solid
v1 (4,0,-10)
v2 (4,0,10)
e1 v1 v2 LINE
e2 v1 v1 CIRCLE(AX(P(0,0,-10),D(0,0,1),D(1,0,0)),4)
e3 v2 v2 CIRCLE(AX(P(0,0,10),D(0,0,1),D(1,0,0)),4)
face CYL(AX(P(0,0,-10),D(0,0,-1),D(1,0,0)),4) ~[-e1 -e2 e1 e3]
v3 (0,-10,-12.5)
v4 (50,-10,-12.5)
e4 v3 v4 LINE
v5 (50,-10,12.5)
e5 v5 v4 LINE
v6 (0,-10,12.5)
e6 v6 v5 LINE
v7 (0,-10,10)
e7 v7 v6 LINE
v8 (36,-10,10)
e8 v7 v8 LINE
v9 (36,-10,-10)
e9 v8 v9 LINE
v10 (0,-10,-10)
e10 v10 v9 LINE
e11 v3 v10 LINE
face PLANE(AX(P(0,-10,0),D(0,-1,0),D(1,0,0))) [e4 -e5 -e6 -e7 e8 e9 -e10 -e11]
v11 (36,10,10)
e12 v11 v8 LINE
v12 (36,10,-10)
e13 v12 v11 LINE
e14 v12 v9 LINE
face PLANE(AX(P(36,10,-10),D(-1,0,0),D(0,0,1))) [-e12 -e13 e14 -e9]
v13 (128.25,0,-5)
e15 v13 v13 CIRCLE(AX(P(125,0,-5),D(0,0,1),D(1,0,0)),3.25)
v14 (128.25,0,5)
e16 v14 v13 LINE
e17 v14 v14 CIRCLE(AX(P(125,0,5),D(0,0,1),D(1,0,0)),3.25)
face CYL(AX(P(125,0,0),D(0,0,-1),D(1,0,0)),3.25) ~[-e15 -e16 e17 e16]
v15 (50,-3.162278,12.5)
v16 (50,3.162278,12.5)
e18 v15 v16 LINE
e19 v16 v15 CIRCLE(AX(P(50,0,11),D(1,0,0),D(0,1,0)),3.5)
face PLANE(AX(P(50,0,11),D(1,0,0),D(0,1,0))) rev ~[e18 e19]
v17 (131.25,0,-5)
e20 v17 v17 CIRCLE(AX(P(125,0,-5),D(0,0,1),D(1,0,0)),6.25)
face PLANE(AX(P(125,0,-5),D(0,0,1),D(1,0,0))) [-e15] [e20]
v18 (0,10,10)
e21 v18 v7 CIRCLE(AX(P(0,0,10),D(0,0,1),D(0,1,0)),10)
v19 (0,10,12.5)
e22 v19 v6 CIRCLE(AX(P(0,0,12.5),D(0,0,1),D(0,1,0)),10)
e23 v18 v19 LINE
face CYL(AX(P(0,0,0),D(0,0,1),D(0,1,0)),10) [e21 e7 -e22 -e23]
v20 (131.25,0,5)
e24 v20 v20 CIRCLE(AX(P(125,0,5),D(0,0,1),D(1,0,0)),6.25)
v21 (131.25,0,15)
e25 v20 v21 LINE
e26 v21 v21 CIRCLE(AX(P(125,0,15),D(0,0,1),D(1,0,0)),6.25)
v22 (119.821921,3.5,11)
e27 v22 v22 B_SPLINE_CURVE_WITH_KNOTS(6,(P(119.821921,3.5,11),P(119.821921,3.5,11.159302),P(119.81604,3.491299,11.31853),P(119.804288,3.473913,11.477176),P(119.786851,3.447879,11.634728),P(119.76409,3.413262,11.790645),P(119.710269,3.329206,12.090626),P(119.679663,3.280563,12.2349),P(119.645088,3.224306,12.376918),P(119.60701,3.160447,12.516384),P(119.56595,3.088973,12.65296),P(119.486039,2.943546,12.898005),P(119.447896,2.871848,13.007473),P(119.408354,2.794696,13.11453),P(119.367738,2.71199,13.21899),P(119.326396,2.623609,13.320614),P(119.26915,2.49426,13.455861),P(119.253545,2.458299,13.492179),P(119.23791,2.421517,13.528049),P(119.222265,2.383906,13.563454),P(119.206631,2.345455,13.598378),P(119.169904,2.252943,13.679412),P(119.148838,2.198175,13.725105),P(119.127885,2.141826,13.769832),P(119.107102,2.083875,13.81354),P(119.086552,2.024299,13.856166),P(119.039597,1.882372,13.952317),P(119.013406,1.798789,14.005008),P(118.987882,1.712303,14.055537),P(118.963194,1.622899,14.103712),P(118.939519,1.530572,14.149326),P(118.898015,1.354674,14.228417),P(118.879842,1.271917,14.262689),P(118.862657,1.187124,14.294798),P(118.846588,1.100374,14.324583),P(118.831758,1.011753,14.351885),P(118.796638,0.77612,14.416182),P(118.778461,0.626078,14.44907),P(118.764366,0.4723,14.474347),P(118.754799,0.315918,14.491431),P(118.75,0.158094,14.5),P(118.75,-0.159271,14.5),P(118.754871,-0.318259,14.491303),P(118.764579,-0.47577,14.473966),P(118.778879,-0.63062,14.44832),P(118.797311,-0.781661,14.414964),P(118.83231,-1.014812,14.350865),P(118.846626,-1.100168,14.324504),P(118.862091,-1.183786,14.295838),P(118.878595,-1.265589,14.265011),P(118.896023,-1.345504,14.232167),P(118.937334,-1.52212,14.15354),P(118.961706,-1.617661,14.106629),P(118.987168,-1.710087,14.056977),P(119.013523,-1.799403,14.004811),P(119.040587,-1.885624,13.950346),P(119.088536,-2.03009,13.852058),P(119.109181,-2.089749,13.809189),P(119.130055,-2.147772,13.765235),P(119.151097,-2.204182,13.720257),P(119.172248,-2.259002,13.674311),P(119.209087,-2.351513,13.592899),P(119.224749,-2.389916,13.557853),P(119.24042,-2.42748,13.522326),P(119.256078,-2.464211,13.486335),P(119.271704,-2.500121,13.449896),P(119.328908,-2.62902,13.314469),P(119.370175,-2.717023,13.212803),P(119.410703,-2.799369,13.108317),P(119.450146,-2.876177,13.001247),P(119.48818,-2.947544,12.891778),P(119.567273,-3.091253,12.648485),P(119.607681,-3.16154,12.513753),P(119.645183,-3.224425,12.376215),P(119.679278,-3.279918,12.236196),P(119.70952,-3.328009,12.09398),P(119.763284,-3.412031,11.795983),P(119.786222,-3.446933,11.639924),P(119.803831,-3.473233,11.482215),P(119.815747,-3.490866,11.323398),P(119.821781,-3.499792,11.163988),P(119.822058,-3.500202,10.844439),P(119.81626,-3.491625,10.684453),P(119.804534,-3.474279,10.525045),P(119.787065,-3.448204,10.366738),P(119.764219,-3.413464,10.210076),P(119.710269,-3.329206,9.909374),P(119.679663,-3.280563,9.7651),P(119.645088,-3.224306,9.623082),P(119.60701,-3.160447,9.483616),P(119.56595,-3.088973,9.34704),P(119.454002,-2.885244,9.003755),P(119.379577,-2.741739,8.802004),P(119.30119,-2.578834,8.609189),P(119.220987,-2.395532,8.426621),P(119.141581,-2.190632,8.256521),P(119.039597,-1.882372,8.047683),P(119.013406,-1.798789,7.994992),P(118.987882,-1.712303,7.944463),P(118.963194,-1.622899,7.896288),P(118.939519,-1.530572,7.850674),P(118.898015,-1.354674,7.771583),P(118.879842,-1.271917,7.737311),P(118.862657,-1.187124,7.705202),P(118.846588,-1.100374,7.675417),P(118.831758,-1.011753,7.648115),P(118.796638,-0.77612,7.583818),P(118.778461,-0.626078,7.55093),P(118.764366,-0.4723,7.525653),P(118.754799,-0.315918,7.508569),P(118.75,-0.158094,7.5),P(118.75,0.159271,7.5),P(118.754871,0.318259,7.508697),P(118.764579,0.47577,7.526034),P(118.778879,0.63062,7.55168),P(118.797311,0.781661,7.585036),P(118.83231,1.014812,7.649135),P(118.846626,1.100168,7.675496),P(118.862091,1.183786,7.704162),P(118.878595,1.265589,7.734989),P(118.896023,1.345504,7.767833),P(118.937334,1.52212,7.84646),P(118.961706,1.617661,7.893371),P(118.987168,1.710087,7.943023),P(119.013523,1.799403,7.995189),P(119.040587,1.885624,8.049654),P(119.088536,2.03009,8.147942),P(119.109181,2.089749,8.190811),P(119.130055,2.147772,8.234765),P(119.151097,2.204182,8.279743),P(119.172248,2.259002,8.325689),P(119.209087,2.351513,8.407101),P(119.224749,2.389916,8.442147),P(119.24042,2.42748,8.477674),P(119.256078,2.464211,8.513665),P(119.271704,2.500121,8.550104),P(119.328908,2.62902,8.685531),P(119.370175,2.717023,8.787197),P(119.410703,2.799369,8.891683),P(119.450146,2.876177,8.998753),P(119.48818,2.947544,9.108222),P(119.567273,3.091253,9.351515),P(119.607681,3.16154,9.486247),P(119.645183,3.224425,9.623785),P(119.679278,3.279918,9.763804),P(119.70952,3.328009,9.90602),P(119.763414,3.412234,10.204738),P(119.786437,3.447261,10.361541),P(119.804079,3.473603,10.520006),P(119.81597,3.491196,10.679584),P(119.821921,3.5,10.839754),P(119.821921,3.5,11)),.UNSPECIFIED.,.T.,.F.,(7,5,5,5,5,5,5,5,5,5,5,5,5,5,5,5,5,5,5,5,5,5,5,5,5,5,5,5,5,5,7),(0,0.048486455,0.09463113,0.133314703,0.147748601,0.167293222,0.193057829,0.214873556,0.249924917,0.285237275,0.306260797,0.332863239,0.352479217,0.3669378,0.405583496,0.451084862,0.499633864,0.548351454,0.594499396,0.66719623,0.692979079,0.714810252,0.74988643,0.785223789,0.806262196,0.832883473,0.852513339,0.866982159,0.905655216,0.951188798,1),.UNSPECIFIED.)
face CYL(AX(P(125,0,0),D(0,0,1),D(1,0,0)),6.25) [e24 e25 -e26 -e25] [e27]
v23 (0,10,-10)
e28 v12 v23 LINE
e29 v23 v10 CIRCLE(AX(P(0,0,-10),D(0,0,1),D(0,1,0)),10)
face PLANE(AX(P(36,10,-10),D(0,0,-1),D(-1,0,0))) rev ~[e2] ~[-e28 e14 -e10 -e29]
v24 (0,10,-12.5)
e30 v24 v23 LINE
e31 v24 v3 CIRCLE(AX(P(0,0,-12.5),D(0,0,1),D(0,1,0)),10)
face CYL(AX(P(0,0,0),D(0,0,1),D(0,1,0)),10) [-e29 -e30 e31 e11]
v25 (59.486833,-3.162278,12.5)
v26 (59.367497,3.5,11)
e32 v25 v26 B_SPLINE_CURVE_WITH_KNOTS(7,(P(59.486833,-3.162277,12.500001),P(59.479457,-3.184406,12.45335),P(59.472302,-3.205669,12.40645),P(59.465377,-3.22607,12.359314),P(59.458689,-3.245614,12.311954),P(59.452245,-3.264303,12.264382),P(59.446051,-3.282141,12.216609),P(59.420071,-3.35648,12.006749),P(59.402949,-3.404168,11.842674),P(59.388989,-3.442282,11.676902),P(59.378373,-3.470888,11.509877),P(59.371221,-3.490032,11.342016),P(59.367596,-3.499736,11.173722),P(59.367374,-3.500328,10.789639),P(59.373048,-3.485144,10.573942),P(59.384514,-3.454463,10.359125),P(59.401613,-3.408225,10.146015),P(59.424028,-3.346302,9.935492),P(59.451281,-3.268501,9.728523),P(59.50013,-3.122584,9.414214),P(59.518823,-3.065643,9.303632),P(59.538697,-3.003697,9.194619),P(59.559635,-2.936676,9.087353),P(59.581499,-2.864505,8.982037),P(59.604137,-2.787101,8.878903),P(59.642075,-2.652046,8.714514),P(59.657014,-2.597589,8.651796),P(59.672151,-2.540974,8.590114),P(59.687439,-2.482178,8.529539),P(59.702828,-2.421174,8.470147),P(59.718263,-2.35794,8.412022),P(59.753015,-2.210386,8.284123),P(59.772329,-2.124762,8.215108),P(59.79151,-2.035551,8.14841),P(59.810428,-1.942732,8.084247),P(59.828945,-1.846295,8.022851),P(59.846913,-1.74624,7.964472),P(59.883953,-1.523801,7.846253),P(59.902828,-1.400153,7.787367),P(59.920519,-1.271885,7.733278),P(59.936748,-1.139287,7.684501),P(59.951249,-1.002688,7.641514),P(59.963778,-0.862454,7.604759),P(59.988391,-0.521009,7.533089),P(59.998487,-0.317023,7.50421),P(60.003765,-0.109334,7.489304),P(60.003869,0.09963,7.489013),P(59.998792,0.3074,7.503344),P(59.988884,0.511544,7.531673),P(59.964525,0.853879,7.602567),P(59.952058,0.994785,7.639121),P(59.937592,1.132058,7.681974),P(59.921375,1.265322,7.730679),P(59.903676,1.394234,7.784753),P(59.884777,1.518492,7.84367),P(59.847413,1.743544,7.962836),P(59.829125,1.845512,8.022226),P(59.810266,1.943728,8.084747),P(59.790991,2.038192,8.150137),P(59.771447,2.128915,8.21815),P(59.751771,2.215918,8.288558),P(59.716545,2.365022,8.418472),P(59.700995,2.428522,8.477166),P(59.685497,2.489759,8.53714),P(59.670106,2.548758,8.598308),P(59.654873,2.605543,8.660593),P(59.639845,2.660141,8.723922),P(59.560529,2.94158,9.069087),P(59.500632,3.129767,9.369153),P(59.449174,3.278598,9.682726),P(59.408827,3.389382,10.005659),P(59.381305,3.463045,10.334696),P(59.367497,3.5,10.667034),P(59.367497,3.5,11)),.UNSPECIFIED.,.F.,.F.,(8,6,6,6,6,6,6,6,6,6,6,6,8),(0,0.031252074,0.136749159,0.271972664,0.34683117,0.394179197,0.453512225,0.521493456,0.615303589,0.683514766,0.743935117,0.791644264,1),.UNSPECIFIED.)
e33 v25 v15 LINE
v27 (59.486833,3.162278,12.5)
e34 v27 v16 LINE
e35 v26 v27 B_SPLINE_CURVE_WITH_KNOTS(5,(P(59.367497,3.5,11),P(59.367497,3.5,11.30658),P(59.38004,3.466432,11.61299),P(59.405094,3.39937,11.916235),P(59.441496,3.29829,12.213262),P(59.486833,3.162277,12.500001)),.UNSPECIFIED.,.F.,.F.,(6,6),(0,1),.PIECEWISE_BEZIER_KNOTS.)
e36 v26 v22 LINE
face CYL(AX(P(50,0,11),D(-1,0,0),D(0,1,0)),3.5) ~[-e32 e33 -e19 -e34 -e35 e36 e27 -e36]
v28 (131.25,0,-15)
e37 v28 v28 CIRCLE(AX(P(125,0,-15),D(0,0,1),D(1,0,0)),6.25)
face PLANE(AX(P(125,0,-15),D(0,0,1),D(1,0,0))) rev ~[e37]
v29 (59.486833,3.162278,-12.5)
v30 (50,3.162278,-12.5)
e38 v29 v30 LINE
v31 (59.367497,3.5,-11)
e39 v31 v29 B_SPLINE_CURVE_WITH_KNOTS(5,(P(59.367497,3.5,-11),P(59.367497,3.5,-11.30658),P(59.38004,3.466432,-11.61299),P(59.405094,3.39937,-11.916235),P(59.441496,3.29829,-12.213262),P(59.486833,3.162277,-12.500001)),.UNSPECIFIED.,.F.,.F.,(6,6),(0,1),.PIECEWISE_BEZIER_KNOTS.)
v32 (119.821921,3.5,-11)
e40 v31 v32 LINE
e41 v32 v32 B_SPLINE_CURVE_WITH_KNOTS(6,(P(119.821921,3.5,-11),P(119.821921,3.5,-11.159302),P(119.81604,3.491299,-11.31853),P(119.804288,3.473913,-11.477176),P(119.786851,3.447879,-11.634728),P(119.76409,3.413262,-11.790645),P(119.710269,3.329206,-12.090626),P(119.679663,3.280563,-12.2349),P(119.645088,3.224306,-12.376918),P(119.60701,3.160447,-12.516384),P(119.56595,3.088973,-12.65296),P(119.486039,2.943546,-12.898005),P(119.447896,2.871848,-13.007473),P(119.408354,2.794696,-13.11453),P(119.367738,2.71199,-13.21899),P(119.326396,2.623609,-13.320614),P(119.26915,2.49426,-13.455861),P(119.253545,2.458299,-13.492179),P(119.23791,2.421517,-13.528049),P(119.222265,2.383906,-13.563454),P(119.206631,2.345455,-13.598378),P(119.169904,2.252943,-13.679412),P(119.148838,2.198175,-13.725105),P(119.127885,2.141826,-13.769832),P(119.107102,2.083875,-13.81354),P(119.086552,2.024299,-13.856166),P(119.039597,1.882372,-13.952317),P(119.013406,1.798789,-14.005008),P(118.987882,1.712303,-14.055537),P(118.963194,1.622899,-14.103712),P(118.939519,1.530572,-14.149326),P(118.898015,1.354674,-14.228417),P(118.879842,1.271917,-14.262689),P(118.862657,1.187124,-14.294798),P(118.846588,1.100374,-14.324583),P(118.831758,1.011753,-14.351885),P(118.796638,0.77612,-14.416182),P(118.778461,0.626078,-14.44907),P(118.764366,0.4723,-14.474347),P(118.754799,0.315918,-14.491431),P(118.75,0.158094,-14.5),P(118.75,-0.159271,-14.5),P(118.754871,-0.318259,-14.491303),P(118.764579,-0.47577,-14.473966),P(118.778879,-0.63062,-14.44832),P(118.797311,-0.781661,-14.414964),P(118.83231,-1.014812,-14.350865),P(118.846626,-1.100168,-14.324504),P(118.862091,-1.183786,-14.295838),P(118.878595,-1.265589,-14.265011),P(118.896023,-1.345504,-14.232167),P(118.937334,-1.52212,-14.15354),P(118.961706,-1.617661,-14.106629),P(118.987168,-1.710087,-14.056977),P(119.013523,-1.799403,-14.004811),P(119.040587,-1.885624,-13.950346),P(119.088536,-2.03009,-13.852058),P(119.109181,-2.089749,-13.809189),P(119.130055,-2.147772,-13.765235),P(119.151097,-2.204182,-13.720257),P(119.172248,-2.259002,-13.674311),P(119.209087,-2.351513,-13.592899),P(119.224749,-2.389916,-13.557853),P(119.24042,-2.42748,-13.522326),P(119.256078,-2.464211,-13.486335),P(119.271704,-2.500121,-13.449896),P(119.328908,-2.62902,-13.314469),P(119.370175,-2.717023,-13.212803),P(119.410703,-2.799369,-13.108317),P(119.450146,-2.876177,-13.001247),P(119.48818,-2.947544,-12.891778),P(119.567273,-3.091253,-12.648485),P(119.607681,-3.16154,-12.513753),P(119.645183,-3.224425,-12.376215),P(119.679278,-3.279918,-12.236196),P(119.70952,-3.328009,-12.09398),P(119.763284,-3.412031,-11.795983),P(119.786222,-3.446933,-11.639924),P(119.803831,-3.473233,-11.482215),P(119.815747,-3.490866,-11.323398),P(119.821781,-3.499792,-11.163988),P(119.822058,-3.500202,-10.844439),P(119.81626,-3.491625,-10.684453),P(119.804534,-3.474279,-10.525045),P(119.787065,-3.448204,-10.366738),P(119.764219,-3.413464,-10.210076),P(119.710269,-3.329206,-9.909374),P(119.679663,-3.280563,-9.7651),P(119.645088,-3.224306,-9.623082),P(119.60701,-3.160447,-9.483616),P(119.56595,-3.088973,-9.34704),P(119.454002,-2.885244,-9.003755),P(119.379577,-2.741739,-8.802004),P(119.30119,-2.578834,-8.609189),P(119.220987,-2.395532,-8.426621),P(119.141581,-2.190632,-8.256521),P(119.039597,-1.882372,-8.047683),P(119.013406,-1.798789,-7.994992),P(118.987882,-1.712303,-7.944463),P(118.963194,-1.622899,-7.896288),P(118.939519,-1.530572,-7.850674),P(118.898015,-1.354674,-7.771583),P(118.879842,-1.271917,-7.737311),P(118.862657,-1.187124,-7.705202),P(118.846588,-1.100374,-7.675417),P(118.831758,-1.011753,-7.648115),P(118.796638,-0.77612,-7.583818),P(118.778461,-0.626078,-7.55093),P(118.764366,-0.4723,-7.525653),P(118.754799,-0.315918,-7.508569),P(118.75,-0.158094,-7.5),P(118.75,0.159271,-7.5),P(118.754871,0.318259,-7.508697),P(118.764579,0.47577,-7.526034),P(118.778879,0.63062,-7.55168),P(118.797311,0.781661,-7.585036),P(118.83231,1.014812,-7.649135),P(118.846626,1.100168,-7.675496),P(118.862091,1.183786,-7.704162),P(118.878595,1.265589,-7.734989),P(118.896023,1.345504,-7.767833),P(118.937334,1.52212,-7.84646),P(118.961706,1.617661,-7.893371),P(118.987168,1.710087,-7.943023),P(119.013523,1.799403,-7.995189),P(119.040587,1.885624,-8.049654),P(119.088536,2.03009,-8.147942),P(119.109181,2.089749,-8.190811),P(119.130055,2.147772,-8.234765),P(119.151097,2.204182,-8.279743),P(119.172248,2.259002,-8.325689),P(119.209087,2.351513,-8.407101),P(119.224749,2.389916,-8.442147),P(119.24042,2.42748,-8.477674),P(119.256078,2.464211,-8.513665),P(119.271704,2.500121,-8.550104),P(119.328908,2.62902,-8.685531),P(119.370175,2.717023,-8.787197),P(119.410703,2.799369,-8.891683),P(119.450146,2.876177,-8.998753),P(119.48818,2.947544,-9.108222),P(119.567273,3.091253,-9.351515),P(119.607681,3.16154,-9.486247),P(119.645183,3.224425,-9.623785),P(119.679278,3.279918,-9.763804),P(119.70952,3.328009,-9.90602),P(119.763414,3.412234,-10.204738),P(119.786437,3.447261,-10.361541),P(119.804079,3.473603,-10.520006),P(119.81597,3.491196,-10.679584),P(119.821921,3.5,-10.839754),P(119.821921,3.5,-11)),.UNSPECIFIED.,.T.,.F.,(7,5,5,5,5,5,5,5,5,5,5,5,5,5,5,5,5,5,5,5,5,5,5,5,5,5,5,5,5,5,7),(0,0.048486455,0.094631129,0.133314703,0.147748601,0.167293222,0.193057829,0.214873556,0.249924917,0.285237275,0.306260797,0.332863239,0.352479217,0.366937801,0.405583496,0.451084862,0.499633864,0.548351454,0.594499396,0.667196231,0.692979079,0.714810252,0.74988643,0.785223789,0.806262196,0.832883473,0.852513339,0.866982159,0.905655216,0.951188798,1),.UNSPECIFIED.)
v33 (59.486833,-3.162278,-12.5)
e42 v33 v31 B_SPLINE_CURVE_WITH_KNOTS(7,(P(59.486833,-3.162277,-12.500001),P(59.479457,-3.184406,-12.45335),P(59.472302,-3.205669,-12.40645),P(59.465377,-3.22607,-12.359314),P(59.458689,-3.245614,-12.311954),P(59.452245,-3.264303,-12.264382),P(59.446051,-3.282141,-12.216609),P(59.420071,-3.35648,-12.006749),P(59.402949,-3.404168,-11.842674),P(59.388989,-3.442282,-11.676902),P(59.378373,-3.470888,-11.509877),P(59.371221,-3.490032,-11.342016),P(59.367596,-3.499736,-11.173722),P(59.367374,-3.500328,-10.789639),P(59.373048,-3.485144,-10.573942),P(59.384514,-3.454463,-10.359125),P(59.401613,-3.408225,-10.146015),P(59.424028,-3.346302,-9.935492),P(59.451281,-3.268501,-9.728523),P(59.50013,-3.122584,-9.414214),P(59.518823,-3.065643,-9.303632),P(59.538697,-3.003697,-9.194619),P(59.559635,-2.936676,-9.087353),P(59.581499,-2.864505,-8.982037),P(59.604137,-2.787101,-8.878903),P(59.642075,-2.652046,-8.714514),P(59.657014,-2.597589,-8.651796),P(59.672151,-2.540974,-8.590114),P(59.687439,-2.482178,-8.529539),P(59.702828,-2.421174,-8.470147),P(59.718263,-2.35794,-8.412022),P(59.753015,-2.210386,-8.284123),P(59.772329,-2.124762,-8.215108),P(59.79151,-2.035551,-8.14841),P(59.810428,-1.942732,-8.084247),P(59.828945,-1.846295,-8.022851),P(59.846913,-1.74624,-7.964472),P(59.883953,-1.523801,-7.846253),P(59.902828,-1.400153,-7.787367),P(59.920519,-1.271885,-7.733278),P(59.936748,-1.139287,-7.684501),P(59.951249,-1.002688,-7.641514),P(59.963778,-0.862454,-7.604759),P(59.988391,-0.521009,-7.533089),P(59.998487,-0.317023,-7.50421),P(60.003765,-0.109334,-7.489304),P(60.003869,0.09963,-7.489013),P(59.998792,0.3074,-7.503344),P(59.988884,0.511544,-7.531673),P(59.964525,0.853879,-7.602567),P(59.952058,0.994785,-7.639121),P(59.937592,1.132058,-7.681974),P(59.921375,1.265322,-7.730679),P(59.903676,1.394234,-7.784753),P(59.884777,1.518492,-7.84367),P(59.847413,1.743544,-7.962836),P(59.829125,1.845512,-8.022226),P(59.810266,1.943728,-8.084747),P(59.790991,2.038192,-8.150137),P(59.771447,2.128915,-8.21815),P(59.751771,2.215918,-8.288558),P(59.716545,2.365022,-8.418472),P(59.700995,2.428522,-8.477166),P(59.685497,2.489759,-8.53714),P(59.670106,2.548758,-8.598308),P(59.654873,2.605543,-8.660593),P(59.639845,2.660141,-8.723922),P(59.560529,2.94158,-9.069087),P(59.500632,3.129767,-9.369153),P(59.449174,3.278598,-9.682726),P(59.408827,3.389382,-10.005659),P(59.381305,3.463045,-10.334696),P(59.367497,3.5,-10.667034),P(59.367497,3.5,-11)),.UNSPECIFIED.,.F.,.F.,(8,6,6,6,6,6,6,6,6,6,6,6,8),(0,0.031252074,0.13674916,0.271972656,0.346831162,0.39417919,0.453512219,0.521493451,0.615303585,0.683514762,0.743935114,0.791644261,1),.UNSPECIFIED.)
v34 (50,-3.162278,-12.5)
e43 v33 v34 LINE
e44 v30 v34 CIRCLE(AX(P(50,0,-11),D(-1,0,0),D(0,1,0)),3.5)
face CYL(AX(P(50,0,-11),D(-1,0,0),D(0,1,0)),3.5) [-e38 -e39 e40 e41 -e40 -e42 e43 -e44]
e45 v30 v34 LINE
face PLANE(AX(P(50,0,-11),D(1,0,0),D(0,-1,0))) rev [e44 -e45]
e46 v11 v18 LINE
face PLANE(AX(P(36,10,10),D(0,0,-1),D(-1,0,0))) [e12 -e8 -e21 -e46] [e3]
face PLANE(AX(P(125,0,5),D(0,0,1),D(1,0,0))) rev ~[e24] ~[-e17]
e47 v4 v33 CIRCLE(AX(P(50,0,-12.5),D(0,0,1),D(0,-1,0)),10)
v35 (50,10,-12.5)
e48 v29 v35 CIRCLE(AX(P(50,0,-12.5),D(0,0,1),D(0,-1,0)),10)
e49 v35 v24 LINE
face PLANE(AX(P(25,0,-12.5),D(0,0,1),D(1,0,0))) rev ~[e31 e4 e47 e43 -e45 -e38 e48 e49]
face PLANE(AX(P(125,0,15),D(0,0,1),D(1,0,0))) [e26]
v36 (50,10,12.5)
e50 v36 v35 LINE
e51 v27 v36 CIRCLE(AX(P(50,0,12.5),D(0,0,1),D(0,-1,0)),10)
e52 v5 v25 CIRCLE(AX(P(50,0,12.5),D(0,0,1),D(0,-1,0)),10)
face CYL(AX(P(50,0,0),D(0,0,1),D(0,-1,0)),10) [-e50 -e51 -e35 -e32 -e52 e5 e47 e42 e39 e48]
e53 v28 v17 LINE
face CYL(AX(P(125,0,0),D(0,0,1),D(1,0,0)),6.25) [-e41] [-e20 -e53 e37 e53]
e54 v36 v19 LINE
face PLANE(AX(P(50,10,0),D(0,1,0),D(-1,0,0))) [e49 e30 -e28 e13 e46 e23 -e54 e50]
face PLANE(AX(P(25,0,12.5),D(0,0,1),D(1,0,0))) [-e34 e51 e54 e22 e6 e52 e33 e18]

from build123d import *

# Parameters (mm, degrees)
EXTRUDE1_DEPTH     = 12.5
SKETCH2_W          = 50
SKETCH2_H          = 20
CUT_EXTRUDE1_DEPTH = 21
SKETCH3_R          = 3.5
EXTRUDE2_DEPTH     = 70
SKETCH4_R          = 6.25
EXTRUDE3_DEPTH     = 15
SKETCH7_R          = 6.25
SKETCH7_R_2        = 3.25
EXTRUDE6_DEPTH     = 5
SKETCH6_R          = 4
EXTRUDE5_DEPTH     = 20


with BuildPart() as part:
    # Sketch1 → Extrude1 (new body, symmetric)
    with BuildSketch(Plane.XY):
        with BuildLine():
            Line((50, 10), (0, 10))
            ThreePointArc((0, 10), (-10, 0), (0, -10))
            Line((0, -10), (50, -10))
            ThreePointArc((50, -10), (60, 0), (50, 10))
        make_face()
    extrude(amount=EXTRUDE1_DEPTH, both=True)

    # Sketch2 → Cut-Extrude1 (cut, through all)
    with BuildSketch(Plane(origin=(0, 10, 0), x_dir=(-1, 0, 0), z_dir=(0, 1, 0))):
        with Locations((-11, 0)):
            Rectangle(SKETCH2_W, SKETCH2_H)
    extrude(amount=-CUT_EXTRUDE1_DEPTH, mode=Mode.SUBTRACT)

    # Sketch3 → Extrude2 (add)
    with BuildSketch(Plane.YZ.offset(50)):
        with Locations((0, 11)):
            Circle(SKETCH3_R)
    extrude2 = extrude(amount=EXTRUDE2_DEPTH)

    # Mirror1: Extrude2 across plane
    add(extrude2.mirror(Plane.XY))

    # Sketch4 → Extrude3 (add, symmetric)
    with BuildSketch(Plane.XY):
        with Locations((125, 0)):
            Circle(SKETCH4_R)
    extrude(amount=EXTRUDE3_DEPTH, both=True)

    # Sketch7 → Extrude6 (cut, symmetric)
    with BuildSketch(Plane.XY):
        with Locations((125, 0)):
            Circle(SKETCH7_R)
        with Locations((125, 0)):
            Circle(SKETCH7_R_2, mode=Mode.SUBTRACT)
    extrude(amount=EXTRUDE6_DEPTH, both=True, mode=Mode.SUBTRACT)

    # Sketch6 → Extrude5 (add)
    with BuildSketch(Plane.XY.offset(-10)):
        Circle(SKETCH6_R)
    extrude(amount=EXTRUDE5_DEPTH)


solid = part.part
